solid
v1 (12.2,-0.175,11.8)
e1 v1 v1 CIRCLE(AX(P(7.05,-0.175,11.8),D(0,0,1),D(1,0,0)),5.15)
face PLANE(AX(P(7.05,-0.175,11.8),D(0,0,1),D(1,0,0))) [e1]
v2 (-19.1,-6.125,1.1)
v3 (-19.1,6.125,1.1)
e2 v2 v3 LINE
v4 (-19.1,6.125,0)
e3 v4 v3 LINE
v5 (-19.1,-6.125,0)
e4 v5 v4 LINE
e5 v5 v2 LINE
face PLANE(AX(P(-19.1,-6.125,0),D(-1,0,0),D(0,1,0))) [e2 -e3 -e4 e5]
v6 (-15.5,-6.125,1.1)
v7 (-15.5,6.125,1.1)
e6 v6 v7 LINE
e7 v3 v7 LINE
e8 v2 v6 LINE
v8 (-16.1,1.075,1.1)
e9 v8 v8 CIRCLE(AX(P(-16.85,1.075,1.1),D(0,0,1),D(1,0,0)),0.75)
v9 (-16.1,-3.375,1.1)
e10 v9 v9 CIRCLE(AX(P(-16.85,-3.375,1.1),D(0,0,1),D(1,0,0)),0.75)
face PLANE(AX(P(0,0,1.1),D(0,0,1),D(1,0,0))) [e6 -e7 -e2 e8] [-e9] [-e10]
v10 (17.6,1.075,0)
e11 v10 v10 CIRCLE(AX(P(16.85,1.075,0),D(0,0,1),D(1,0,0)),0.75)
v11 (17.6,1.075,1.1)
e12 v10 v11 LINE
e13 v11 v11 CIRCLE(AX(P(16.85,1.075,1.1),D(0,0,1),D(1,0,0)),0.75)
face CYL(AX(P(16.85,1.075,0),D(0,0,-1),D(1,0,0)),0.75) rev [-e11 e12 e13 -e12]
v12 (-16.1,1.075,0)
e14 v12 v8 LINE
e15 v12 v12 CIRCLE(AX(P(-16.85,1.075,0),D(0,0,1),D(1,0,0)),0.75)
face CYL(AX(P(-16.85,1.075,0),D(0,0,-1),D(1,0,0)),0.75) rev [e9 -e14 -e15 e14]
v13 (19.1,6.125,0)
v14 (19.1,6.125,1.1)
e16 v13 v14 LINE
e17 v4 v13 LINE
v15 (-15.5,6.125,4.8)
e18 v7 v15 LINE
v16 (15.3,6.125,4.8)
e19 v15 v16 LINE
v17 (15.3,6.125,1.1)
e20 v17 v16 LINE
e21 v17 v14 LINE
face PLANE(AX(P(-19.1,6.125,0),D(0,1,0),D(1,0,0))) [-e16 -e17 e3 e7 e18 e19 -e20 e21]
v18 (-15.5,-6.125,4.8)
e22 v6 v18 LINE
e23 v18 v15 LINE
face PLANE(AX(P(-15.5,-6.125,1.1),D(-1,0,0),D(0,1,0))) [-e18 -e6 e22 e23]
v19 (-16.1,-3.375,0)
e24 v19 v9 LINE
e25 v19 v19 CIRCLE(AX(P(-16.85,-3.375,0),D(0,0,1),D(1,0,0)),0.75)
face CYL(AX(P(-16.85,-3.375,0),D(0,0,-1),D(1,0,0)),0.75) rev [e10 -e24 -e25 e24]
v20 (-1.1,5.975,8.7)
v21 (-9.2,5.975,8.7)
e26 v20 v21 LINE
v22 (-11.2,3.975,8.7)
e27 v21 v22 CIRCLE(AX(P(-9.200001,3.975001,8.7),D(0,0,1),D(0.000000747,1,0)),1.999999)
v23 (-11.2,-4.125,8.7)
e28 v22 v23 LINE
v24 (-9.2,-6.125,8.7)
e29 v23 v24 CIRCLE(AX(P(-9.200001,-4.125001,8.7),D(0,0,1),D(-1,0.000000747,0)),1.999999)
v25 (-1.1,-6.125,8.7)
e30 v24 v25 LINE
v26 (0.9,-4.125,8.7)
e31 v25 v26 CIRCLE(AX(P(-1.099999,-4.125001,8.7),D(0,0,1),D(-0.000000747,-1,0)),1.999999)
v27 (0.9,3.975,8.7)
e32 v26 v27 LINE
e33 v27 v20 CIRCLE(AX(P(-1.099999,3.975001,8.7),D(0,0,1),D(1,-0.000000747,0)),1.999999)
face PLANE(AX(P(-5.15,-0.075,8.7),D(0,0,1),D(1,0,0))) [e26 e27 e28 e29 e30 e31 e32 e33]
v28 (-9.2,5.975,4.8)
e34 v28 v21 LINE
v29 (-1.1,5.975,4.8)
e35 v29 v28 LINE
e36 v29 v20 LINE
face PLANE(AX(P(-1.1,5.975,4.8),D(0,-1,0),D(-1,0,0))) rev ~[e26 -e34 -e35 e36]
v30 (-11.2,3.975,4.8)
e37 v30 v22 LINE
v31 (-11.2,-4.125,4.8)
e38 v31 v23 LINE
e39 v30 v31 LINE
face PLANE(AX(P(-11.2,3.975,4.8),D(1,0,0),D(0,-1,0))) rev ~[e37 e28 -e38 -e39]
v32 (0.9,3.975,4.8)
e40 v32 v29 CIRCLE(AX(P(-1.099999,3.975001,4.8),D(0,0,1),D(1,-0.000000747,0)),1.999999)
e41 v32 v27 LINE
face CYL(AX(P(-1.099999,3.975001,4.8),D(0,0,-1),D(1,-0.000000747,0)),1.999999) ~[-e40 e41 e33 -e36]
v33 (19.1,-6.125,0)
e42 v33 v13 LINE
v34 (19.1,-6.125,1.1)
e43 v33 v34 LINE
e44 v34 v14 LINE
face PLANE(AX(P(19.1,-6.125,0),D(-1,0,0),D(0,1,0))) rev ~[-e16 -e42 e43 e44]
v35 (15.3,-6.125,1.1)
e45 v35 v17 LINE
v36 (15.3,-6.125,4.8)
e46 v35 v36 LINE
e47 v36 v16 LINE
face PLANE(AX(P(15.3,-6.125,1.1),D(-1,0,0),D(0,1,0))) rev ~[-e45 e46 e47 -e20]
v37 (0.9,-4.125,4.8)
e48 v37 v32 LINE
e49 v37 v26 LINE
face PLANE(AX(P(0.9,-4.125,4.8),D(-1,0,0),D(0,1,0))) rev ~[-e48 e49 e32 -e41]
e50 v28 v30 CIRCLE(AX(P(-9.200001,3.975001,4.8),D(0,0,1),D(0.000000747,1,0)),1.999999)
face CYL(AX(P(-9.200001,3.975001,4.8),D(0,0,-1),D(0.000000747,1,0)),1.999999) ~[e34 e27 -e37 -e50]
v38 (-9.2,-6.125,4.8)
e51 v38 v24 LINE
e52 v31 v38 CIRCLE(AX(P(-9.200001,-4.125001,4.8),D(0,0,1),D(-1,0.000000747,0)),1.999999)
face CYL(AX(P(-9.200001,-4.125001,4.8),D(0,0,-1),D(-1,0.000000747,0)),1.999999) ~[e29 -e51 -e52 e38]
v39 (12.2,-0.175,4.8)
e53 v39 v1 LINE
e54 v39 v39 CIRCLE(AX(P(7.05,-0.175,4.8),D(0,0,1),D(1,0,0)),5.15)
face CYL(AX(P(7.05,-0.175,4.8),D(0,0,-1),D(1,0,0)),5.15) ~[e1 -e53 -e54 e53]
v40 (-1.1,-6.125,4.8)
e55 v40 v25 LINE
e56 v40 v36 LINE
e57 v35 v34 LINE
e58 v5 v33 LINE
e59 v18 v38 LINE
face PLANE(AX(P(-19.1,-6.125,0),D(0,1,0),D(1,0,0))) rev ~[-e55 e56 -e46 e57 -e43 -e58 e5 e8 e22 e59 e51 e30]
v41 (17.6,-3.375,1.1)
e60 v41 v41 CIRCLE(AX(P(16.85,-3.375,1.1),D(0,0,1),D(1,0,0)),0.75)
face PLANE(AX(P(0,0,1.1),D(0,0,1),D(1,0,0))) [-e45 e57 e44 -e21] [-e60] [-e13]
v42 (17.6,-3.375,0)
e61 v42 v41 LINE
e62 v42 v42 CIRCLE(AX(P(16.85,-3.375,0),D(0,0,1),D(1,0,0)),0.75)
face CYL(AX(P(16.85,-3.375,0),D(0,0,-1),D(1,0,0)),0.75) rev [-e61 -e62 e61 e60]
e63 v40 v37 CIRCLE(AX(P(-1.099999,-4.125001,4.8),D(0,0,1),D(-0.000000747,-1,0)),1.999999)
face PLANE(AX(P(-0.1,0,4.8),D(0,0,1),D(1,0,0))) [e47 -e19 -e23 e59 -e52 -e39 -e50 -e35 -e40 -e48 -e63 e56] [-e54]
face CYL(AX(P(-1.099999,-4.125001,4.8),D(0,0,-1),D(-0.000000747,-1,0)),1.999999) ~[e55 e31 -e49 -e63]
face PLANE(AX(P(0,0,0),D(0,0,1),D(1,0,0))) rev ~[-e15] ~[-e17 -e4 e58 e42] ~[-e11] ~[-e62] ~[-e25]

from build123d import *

# Parameters (mm, degrees)
F0_W     = 38.2
F0_H     = 12.25
F0_R     = 0.75
F1_DEPTH = 1.1
F2_W     = 30.8
F2_H     = 12.25
F3_DEPTH = 3.7
F5_DEPTH = 3.9
F4_R     = 5.15
F6_DEPTH = 7


with BuildPart() as f1:
    # F0 (on Top) → F1 (new body)
    with BuildSketch(Plane.XY):
        Rectangle(F0_W, F0_H)
        with Locations((-16.85, -3.375)):
            Circle(F0_R, mode=Mode.SUBTRACT)
        with Locations((16.85, -3.375)):
            Circle(F0_R, mode=Mode.SUBTRACT)
        with Locations((-16.85, 1.075)):
            Circle(F0_R, mode=Mode.SUBTRACT)
        with Locations((16.85, 1.075)):
            Circle(F0_R, mode=Mode.SUBTRACT)
    extrude(amount=F1_DEPTH)

    # F2 (on face) → F3 (join)
    with BuildSketch(Plane.XY.offset(1.1)):
        with Locations((-0.1, 0)):
            Rectangle(F2_W, F2_H)
    extrude(amount=F3_DEPTH)

    # F4 (on face) → F5 (join)
    with BuildSketch(Plane.XY.offset(4.8)):
        with BuildLine():
            Line((-1.1, 5.975), (-9.2, 5.975))
            ThreePointArc((-9.2, 5.975), (-10.614214, 5.389214), (-11.2, 3.975))
            Line((-11.2, 3.975), (-11.2, -4.125))
            ThreePointArc((-11.2, -4.125), (-10.614214, -5.539214), (-9.2, -6.125))
            Line((-9.2, -6.125), (-1.1, -6.125))
            ThreePointArc((-1.1, -6.125), (0.314214, -5.539214), (0.9, -4.125))
            Line((0.9, -4.125), (0.9, 3.975))
            ThreePointArc((0.9, 3.975), (0.314214, 5.389214), (-1.1, 5.975))
        make_face()
    extrude(amount=F5_DEPTH)

    # F4 (on face) → F6 (join)
    with BuildSketch(Plane.XY.offset(4.8)):
        with Locations((7.05, -0.175)):
            Circle(F4_R)
    extrude(amount=F6_DEPTH)


solid = f1.part
